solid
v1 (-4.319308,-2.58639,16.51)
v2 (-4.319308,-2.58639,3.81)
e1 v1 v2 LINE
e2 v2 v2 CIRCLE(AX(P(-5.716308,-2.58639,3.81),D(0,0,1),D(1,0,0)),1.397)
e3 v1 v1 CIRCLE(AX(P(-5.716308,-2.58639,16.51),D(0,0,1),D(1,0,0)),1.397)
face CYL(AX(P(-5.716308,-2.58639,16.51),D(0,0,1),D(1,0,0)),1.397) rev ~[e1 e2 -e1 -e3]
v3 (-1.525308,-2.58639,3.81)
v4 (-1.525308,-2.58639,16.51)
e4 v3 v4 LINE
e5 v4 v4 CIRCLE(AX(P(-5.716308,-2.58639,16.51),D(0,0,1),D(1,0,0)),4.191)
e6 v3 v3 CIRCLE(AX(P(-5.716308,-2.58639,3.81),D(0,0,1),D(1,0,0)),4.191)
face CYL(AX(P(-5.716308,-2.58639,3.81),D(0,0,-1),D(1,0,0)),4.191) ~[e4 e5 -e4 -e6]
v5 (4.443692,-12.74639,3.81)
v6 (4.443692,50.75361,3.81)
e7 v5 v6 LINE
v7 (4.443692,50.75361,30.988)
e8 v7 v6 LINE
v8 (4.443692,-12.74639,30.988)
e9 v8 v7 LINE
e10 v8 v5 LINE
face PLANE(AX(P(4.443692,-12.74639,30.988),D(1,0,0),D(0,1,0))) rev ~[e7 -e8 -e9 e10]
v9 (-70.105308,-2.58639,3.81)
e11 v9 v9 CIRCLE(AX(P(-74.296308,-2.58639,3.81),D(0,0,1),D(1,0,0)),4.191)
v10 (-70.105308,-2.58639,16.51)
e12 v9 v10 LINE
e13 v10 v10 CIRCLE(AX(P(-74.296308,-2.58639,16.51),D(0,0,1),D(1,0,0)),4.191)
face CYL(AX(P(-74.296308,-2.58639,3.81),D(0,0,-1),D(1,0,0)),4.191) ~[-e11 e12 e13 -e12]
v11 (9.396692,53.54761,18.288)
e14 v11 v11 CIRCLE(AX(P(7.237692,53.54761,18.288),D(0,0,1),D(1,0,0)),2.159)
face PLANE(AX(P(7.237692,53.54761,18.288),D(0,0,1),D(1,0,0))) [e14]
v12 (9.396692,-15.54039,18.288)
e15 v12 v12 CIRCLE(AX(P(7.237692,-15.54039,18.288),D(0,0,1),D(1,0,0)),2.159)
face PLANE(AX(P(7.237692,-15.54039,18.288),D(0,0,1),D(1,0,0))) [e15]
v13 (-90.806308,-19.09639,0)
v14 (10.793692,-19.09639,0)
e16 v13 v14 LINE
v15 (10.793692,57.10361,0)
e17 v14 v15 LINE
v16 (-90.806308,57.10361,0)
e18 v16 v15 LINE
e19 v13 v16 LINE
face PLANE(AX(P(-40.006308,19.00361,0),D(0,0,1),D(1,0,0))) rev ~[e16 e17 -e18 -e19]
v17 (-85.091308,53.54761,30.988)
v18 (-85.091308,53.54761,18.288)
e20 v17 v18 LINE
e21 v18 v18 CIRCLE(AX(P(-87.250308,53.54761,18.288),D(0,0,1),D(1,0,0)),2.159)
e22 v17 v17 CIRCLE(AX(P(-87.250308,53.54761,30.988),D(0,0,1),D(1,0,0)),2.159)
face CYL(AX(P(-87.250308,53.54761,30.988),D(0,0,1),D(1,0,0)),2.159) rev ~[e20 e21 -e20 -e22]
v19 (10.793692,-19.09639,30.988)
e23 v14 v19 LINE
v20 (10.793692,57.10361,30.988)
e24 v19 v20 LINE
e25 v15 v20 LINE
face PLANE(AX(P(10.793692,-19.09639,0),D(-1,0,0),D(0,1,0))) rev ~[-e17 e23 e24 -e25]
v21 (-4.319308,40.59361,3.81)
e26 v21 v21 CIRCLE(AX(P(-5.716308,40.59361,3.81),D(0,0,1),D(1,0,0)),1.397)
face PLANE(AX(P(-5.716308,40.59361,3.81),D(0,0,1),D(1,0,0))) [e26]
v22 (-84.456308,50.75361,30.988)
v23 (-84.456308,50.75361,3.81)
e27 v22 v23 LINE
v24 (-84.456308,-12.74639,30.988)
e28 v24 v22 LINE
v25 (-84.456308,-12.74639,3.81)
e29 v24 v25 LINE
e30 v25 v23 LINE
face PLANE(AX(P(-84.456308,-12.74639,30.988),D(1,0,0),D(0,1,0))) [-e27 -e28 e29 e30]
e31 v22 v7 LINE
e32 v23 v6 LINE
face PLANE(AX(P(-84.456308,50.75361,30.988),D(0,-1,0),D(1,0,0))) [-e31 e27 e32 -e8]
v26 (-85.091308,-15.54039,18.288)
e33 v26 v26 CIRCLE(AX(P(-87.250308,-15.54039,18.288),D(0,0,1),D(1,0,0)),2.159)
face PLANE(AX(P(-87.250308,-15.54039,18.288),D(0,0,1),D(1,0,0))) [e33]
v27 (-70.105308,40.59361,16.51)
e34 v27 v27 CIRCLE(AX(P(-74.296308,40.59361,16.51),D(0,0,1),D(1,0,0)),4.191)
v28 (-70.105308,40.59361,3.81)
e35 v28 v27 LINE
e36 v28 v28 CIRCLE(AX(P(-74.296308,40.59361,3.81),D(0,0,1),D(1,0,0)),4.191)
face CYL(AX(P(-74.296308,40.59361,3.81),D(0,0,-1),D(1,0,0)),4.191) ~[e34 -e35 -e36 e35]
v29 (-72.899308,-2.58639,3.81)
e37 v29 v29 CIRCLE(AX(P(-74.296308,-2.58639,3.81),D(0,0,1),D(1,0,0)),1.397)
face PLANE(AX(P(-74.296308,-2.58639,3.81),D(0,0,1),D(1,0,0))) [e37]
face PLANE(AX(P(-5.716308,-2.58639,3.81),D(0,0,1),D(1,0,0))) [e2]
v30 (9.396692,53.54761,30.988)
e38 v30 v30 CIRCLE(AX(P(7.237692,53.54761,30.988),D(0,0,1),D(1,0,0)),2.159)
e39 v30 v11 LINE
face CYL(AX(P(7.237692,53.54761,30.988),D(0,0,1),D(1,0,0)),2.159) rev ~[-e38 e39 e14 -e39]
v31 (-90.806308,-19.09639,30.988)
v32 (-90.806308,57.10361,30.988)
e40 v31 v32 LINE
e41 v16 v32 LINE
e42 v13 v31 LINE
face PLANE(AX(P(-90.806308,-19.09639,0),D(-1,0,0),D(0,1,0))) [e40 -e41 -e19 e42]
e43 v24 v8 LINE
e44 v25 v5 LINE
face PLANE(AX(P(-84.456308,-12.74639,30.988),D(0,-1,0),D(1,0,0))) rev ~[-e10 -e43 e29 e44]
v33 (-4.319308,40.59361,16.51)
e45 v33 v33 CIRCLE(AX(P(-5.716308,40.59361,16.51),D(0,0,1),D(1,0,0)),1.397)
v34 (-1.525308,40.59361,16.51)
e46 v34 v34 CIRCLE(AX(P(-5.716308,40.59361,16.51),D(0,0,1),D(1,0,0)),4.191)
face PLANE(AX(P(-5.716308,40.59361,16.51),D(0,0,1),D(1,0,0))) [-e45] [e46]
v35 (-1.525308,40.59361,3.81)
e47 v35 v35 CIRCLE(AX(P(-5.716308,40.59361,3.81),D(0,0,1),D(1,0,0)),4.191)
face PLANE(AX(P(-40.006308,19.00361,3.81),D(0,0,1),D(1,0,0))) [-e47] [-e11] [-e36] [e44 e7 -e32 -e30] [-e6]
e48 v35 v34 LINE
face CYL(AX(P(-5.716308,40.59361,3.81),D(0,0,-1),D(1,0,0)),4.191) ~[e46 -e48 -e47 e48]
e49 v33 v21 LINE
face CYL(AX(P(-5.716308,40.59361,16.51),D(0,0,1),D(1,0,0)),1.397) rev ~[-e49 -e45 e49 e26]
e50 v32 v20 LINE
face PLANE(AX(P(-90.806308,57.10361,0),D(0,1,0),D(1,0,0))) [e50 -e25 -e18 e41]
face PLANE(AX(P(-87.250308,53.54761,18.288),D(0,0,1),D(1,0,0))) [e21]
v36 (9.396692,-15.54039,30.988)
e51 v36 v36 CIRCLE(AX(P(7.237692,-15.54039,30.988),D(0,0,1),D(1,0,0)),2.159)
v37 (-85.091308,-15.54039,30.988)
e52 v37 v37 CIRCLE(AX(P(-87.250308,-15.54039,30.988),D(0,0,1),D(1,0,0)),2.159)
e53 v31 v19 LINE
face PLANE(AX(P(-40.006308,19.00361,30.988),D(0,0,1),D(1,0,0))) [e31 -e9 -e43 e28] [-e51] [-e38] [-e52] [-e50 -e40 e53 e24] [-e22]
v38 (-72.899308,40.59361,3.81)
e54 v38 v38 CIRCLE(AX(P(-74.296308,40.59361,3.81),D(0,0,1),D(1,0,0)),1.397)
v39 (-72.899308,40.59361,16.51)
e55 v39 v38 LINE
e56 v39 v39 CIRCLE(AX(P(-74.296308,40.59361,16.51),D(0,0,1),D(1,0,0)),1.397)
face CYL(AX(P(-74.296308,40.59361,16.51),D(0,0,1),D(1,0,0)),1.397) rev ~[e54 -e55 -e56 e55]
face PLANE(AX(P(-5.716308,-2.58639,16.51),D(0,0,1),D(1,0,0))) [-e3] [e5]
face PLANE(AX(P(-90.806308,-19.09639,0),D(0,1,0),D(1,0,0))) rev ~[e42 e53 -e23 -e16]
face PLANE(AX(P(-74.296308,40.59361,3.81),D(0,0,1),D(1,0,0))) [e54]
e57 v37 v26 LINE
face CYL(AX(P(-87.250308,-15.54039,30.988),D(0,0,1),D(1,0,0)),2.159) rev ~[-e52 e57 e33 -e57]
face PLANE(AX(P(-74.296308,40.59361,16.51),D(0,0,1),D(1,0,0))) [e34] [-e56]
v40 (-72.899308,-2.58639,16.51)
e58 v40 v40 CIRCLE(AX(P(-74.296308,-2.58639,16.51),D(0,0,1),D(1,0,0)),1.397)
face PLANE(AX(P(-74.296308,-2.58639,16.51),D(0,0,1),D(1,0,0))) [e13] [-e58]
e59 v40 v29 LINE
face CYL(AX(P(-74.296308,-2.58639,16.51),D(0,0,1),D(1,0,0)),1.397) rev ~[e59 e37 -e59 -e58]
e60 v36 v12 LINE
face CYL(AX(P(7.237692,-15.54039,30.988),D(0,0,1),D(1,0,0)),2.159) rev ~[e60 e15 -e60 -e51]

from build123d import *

# Parameters (mm, degrees)
F0_W      = 101.6
F0_H      = 76.2
F1_DEPTH  = 30.988
F2_W      = 88.9
F2_H      = 63.5
F3_DEPTH  = 27.178
F4_R      = 4.191
F5_DEPTH  = 12.7
F6_R      = 1.397
F8_R      = 1.397
F9_R      = 1.397
F7_R      = 1.397
F10_DEPTH = 12.7
F11_R     = 2.159
F12_DEPTH = 12.7


with BuildPart() as f1:
    # F0 (on Top) → F1 (new body)
    with BuildSketch(Plane.XY):
        with Locations((-40.006308, 19.00361)):
            Rectangle(F0_W, F0_H)
    extrude(amount=F1_DEPTH)

    # F2 (on face) → F3 (cut)
    with BuildSketch(Plane.XY.offset(30.988)):
        with Locations((-40.006308, 19.00361)):
            Rectangle(F2_W, F2_H)
    extrude(amount=-F3_DEPTH, mode=Mode.SUBTRACT)

    # F4 (on face) → F5 (join)
    with BuildSketch(Plane.XY.offset(3.81)):
        with Locations((-74.296308, 40.59361)):
            Circle(F4_R)
        with Locations((-5.716308, 40.59361)):
            Circle(F4_R)
        with Locations((-5.716308, -2.58639)):
            Circle(F4_R)
        with Locations((-74.296308, -2.58639)):
            Circle(F4_R)
    extrude(amount=F5_DEPTH)

    # F6 (on face) + F8 (on face) + F9 (on face) + F7 (on face) → F10 (cut)
    with BuildSketch(Plane.XY.offset(16.51)):
        with Locations((-74.296308, 40.59361)):
            Circle(F6_R)
    with BuildSketch(Plane.XY.offset(16.51)):
        with Locations((-74.296308, -2.58639)):
            Circle(F8_R)
    with BuildSketch(Plane.XY.offset(16.51)):
        with Locations((-5.716308, -2.58639)):
            Circle(F9_R)
    with BuildSketch(Plane.XY.offset(16.51)):
        with Locations((-5.716308, 40.59361)):
            Circle(F7_R)
    extrude(amount=-F10_DEPTH, mode=Mode.SUBTRACT)

    # F11 (on face) → F12 (cut)
    with BuildSketch(Plane.XY.offset(30.988)):
        with Locations((-87.250308, 53.54761)):
            Circle(F11_R)
        with Locations((-87.250308, -15.54039)):
            Circle(F11_R)
        with Locations((7.237692, -15.54039)):
            Circle(F11_R)
        with Locations((7.237692, 53.54761)):
            Circle(F11_R)
    extrude(amount=-F12_DEPTH, mode=Mode.SUBTRACT)


solid = f1.part
